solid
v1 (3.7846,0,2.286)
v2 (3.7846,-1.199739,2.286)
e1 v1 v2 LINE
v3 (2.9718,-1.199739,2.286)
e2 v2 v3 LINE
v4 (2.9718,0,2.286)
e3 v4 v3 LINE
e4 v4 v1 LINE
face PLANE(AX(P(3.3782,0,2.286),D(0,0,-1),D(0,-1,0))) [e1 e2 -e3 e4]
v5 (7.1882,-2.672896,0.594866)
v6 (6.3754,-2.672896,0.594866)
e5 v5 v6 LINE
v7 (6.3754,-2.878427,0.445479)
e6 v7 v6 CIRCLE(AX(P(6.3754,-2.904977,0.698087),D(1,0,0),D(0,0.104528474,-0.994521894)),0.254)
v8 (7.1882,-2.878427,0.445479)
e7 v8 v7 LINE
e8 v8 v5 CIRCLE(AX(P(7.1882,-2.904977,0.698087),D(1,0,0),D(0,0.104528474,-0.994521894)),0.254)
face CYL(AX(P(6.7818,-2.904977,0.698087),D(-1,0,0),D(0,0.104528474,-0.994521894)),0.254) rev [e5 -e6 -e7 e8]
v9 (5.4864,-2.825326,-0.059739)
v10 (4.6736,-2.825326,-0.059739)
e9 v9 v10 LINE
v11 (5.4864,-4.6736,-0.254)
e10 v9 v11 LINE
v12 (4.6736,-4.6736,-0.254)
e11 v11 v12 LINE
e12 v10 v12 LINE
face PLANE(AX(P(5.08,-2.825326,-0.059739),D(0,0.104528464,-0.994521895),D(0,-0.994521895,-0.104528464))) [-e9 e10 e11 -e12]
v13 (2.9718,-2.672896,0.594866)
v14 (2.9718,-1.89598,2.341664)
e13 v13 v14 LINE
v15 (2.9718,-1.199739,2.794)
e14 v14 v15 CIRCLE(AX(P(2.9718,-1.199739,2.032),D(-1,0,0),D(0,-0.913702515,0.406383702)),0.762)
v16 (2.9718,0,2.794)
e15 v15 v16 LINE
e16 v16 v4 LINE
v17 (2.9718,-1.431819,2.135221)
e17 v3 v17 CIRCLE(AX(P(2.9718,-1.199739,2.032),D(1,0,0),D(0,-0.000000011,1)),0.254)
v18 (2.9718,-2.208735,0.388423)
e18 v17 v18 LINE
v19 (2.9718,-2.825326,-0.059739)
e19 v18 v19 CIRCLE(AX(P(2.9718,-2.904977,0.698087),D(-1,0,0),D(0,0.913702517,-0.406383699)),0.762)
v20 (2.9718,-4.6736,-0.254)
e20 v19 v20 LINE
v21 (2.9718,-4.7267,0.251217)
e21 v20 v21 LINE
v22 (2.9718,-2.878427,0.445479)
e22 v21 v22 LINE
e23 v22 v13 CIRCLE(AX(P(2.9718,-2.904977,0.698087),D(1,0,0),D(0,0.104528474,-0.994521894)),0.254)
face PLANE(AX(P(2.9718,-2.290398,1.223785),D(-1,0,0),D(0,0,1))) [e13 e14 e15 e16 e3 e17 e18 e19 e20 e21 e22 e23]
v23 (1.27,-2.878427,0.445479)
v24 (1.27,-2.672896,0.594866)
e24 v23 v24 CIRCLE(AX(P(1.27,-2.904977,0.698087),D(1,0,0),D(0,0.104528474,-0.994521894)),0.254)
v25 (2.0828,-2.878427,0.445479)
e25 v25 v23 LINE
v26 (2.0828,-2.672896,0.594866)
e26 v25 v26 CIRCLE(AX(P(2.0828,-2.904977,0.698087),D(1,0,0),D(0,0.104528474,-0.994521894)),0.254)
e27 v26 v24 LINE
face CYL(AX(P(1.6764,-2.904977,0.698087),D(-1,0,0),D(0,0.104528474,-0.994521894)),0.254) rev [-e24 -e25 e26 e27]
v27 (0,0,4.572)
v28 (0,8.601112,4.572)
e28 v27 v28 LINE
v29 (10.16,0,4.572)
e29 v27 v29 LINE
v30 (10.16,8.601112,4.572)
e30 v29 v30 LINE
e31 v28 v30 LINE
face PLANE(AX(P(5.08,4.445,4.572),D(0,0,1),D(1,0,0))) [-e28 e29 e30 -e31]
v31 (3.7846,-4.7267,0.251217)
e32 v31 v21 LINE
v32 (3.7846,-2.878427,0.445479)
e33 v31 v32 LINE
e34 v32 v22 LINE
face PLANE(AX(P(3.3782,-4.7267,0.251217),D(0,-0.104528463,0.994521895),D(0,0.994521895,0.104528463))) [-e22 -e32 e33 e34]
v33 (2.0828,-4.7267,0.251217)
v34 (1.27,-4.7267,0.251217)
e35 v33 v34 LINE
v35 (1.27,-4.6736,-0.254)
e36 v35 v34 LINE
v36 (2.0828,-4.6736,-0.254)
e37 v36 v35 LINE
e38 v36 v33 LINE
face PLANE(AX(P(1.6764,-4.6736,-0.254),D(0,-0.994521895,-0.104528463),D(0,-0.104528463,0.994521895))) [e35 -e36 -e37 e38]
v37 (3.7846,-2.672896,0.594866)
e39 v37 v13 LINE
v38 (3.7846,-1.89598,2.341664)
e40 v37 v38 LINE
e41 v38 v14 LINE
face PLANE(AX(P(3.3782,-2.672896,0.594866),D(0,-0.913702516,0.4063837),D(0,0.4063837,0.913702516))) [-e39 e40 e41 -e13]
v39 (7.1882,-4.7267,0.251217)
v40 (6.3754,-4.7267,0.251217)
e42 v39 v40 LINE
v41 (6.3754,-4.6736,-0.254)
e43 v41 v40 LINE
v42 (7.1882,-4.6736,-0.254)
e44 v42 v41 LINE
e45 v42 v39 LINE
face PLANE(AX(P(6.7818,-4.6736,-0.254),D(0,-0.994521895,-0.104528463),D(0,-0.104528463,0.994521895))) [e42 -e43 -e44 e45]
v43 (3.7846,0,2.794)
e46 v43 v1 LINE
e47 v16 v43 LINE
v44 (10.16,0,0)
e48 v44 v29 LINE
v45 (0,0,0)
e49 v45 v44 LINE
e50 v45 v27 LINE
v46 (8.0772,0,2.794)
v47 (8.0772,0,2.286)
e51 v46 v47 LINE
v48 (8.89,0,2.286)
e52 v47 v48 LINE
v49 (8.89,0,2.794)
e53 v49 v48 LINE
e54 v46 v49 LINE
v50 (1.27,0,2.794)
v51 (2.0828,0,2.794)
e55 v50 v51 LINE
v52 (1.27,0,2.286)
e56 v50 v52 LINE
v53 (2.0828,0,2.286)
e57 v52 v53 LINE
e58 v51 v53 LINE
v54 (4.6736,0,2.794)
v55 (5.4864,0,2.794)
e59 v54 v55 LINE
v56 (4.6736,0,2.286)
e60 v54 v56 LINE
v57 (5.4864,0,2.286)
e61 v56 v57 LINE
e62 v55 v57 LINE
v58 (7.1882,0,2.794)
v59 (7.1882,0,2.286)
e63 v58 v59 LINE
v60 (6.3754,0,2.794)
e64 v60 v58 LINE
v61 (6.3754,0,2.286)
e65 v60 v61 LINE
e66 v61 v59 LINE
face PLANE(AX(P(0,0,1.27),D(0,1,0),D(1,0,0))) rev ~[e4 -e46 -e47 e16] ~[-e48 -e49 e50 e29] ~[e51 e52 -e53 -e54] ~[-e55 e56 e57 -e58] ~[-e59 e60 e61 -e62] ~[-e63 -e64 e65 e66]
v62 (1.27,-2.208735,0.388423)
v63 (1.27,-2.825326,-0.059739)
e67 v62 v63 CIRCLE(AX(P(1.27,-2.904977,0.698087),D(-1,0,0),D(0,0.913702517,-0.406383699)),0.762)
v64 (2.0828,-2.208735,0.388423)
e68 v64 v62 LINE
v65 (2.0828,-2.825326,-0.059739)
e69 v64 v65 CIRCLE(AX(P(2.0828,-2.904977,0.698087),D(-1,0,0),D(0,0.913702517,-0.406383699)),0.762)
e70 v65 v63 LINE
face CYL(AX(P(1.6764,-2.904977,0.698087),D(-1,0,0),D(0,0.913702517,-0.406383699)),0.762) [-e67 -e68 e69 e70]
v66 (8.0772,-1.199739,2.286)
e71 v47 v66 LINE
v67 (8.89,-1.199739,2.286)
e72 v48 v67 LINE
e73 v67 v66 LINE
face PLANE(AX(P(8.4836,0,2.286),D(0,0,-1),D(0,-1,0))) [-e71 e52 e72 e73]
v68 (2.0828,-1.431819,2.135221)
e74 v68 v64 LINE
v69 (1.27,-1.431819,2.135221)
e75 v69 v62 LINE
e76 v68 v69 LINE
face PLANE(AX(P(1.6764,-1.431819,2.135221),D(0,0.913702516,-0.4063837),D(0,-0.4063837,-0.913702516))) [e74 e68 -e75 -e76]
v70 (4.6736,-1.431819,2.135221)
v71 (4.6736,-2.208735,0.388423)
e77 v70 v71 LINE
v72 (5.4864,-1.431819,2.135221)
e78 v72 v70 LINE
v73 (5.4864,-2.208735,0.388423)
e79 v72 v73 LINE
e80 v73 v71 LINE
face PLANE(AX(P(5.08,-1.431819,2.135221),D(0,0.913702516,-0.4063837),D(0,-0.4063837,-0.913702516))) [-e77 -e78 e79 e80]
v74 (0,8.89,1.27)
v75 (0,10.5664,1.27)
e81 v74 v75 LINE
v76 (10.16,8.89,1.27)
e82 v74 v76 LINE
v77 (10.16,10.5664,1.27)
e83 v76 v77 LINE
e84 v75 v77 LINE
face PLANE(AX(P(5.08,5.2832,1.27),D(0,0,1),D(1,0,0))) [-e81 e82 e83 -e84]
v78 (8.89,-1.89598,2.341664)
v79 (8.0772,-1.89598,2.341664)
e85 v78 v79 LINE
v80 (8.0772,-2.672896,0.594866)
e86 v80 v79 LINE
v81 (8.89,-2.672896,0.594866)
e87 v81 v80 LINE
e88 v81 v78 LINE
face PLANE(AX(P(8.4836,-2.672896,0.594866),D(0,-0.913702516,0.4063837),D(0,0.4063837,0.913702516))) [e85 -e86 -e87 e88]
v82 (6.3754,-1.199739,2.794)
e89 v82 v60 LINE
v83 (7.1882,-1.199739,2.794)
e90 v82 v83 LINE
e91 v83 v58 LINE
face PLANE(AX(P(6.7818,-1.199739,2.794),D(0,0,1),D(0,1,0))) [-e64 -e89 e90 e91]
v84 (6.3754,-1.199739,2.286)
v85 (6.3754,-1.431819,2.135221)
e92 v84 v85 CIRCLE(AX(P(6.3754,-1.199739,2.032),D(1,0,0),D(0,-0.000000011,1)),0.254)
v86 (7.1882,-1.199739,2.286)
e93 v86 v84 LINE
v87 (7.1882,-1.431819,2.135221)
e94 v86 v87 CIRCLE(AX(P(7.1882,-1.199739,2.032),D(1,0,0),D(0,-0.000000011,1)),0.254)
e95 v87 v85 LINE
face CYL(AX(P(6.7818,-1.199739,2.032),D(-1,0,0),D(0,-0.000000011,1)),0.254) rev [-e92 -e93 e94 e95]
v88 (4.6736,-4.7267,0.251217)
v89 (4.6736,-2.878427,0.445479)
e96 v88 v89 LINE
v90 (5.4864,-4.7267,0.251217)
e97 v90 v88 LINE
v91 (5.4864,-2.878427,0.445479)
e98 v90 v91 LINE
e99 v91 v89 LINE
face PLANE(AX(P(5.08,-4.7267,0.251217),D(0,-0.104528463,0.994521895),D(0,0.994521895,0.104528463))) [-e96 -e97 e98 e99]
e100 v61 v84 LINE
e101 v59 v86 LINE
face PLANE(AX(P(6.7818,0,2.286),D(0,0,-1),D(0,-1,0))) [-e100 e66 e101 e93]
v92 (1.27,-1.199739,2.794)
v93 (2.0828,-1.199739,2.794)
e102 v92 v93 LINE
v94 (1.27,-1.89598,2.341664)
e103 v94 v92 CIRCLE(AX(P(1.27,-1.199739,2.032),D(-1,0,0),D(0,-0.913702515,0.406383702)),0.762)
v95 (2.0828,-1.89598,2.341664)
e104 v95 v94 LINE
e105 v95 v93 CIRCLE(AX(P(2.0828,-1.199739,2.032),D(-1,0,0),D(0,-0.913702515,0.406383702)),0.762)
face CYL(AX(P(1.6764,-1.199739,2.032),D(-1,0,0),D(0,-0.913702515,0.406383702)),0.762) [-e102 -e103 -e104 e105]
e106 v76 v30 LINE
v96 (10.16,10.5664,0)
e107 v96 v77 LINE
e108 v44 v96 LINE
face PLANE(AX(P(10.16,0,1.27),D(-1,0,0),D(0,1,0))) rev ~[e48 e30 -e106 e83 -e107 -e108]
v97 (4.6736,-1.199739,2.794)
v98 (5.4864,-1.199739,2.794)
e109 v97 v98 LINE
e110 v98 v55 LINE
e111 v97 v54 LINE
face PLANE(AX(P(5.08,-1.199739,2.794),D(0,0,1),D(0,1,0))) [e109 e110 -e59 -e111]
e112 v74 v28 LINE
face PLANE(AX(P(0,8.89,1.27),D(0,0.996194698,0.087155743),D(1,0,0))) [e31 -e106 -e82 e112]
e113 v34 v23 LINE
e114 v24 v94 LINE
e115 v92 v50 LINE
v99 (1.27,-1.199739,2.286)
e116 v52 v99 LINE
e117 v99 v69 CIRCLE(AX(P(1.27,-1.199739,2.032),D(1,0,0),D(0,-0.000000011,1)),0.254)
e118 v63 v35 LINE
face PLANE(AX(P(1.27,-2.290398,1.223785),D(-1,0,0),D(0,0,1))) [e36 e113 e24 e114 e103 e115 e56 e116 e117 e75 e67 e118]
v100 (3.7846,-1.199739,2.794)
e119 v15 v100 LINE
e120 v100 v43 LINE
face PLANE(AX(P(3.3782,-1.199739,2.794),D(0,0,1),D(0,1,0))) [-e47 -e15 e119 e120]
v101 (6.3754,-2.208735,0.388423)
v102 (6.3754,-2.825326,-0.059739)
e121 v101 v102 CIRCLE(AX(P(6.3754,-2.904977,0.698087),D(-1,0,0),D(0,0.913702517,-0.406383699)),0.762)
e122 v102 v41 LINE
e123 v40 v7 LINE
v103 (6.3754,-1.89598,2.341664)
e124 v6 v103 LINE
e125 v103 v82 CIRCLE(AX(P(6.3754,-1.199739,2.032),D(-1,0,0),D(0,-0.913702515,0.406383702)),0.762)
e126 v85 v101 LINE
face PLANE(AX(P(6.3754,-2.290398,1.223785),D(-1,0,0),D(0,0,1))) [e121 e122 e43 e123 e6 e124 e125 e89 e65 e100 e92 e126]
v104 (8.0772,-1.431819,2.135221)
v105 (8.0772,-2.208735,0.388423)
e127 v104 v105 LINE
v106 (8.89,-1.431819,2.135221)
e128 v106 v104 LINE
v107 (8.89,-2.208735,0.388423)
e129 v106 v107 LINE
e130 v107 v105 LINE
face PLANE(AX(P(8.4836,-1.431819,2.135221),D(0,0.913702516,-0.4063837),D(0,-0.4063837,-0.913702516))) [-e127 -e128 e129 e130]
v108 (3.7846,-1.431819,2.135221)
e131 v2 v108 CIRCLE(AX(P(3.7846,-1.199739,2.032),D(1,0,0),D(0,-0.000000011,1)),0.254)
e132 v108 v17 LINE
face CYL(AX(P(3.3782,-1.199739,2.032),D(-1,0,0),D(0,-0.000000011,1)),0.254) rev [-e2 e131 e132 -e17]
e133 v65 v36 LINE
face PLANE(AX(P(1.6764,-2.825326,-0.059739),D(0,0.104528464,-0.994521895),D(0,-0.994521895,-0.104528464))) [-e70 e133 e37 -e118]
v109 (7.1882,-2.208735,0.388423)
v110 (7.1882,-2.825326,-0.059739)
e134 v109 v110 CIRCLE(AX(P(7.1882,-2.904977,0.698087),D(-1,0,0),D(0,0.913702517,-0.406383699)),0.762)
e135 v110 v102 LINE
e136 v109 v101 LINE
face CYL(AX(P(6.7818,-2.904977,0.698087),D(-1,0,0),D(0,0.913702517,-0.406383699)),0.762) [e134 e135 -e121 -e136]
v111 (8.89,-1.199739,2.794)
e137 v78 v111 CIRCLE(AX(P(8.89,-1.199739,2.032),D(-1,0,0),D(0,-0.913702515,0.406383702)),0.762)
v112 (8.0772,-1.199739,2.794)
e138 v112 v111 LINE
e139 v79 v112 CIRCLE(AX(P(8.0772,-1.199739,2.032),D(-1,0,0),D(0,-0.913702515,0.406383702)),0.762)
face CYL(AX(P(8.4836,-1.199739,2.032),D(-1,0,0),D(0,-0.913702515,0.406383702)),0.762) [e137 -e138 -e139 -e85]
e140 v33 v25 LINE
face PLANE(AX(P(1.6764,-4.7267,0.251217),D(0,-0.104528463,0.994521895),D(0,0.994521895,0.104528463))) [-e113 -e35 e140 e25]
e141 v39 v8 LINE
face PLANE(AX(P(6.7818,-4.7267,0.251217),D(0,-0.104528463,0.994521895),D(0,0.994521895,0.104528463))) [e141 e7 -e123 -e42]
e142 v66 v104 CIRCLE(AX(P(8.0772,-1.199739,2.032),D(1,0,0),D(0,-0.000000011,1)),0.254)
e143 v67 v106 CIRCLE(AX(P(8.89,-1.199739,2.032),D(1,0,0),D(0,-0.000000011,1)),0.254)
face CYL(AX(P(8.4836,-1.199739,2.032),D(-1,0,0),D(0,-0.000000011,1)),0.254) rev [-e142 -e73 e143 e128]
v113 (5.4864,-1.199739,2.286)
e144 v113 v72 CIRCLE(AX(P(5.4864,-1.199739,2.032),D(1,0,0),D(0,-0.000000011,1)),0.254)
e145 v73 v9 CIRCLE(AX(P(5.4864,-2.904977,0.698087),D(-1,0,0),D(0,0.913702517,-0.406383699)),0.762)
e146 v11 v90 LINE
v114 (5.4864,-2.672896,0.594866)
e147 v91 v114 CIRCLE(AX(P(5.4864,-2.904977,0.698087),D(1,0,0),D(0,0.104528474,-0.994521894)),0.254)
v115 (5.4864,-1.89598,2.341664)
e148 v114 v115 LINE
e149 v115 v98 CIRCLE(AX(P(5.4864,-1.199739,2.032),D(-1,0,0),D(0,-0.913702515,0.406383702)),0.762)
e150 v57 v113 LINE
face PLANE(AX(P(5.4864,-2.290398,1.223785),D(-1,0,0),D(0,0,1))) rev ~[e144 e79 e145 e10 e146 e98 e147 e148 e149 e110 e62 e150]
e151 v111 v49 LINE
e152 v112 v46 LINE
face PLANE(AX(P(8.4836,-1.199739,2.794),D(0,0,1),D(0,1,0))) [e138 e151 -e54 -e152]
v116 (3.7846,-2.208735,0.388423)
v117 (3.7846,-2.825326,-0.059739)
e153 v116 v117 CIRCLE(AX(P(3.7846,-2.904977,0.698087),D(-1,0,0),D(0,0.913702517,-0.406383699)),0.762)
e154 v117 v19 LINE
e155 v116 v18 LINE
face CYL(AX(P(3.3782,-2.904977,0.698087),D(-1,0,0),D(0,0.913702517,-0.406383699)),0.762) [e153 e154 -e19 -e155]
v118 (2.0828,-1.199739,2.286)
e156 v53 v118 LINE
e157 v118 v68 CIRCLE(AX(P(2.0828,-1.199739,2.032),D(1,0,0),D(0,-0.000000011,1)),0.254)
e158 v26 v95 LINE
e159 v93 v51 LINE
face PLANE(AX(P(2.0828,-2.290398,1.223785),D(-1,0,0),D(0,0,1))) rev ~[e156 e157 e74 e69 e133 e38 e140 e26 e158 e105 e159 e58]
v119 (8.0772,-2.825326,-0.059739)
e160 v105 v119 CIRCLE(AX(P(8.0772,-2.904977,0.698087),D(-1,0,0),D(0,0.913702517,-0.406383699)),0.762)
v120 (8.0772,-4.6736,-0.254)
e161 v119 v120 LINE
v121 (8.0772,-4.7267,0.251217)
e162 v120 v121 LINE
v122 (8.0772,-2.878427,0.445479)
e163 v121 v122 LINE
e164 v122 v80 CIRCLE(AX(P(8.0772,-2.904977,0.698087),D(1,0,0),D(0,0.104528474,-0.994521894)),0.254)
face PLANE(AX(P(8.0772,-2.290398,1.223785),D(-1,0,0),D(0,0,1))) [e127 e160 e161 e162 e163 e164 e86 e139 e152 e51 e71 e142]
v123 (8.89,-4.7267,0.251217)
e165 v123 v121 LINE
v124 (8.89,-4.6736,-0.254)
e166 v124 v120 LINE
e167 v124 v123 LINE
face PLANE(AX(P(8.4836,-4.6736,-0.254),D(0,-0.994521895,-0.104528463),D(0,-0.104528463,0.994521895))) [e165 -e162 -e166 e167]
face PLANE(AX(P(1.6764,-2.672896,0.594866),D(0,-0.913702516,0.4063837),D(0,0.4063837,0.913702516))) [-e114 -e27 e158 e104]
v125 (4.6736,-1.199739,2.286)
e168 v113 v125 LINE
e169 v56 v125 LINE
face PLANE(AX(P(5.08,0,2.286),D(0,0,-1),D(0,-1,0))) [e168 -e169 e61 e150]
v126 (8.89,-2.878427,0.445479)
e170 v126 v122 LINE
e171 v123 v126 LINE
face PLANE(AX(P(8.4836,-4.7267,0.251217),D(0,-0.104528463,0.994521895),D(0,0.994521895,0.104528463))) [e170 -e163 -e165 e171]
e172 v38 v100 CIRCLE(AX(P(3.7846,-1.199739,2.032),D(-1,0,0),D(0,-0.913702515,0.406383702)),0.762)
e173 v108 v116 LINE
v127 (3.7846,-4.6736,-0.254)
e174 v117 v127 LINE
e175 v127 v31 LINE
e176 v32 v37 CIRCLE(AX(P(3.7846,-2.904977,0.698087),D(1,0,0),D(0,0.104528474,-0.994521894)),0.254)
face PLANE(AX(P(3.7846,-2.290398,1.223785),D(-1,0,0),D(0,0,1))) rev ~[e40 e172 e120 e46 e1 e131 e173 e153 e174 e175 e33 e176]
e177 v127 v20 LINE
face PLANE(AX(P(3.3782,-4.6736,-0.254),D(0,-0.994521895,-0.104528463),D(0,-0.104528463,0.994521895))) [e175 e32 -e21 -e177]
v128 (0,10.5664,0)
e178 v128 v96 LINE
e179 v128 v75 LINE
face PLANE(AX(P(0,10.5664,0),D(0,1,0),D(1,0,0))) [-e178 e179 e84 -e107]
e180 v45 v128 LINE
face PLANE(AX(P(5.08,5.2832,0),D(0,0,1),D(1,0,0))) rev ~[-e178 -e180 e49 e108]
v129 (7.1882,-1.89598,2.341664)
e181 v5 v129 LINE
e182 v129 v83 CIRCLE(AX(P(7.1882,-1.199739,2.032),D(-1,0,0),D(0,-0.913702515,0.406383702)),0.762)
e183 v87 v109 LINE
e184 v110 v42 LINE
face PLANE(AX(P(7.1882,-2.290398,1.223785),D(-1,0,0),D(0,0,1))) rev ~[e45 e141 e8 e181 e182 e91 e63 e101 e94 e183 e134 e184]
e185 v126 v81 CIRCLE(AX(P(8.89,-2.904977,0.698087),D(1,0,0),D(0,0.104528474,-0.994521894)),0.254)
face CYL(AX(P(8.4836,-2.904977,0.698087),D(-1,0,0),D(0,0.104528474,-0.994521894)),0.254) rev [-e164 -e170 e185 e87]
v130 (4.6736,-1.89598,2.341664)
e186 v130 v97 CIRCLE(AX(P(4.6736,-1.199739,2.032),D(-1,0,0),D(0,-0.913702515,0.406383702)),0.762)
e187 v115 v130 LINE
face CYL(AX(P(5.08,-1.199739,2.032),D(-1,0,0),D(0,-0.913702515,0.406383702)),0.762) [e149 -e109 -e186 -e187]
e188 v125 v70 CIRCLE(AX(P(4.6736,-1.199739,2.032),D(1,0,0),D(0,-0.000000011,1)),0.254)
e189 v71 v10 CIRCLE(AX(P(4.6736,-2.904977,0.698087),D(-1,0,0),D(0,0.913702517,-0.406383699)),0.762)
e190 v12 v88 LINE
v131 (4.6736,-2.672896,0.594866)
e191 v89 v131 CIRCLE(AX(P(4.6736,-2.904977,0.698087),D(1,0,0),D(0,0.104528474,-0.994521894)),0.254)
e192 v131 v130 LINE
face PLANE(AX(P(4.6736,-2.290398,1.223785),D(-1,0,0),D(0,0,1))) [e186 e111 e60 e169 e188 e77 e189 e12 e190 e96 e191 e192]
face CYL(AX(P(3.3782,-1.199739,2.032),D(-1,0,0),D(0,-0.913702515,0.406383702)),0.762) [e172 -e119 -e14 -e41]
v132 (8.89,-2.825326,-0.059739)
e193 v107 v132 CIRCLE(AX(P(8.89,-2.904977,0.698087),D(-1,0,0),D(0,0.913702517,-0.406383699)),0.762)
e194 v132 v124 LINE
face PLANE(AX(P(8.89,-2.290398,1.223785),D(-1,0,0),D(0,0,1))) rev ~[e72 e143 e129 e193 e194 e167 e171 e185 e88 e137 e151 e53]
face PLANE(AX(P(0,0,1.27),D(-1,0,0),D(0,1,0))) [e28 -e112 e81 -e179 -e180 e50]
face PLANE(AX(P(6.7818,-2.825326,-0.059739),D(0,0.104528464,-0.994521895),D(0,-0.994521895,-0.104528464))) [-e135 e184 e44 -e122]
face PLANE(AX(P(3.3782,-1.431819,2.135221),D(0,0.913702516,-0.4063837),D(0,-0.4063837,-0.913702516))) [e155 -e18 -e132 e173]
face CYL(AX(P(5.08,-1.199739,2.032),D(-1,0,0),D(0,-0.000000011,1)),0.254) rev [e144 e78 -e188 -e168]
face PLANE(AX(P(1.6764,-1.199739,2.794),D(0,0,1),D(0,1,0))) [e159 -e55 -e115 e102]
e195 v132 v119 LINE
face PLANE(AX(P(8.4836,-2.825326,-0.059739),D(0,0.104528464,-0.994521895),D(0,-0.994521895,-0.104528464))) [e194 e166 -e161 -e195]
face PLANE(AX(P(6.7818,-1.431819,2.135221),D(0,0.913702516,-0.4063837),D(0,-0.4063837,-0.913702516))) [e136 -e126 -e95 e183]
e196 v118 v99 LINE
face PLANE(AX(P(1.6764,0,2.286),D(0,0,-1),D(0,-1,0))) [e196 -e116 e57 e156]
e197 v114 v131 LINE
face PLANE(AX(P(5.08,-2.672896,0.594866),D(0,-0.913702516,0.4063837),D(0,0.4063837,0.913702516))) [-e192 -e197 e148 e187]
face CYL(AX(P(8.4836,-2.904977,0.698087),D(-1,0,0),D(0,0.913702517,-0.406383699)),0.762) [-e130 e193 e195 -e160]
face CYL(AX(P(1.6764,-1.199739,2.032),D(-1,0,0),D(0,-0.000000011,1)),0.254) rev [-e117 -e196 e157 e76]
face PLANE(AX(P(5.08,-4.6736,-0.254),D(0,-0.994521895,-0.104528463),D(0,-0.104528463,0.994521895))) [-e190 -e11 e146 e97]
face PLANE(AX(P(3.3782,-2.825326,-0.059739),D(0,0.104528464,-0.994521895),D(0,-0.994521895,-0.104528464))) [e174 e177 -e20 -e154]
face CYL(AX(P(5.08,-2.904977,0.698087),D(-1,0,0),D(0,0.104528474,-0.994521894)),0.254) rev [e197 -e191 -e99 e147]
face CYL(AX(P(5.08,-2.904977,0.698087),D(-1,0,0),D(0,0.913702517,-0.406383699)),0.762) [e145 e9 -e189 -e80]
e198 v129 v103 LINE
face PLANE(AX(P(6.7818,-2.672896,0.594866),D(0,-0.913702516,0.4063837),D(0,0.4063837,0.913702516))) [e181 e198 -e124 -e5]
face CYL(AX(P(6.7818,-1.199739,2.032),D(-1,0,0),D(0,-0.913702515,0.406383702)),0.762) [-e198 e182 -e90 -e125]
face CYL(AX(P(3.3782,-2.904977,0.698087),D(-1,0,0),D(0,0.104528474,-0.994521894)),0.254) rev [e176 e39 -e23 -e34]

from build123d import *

# Parameters (mm, degrees)
SKETCH1_W           = 10.16
SKETCH1_H           = 10.5664
BOSS_EXTRUDE1_DEPTH = 1.27
SKETCH2_W           = 10.16
SKETCH2_H           = 8.89
BOSS_EXTRUDE2_DEPTH = 3.302
DRAFT1_ANGLE        = 5
EXTRUDE_THIN1_DEPTH = 0.4064
LPATTERN1_COUNT     = 5
LPATTERN1_PITCH     = 1.7018


with BuildPart() as part:
    # Sketch1 → Boss-Extrude1 (new body)
    with BuildSketch(Plane.XY):
        with Locations((5.08, 5.2832)):
            Rectangle(SKETCH1_W, SKETCH1_H)
    extrude(amount=BOSS_EXTRUDE1_DEPTH)

    # Sketch2 → Boss-Extrude2 (add)
    with BuildSketch(Plane.XY.offset(1.27)):
        with Locations((5.08, 4.445)):
            Rectangle(SKETCH2_W, SKETCH2_H)
    extrude(amount=BOSS_EXTRUDE2_DEPTH)

    # Draft1
    draft1_faces = [part.faces().sort_by_distance(p)[0] for p in [
        (5.08, 8.89, 2.921),
    ]]
    draft(draft1_faces, Plane.XY.offset(1.27), DRAFT1_ANGLE)

    # Sketch3 → Extrude-Thin1 (add, symmetric)
    with BuildSketch(Plane.ZY.offset(-1.6764)):
        with BuildLine():
            Line((2.286, 0), (2.286, -1.199738518))
            ThreePointArc((2.286, -1.199738518), (2.244995599, -1.338117976), (2.13522146, -1.431818957))
            Line((2.13522146, -1.431818957), (0.388422724, -2.208735427))
            ThreePointArc((0.388422724, -2.208735427), (0.081702678, -2.456965316), (-0.05973858, -2.825326055))
            Line((-0.05973858, -2.825326055), (-0.254, -4.6736))
            Line((-0.254, -4.6736), (0.251217123, -4.726700459))
            Line((0.251217123, -4.726700459), (0.445478542, -2.878426515))
            ThreePointArc((0.445478542, -2.878426515), (0.492625629, -2.755639602), (0.594865644, -2.672896305))
            Line((0.594865644, -2.672896305), (2.34166438, -1.895979835))
            ThreePointArc((2.34166438, -1.895979835), (2.670986798, -1.614876894), (2.794, -1.199738518))
            Line((2.794, -1.199738518), (2.794, 0))
            Line((2.794, 0), (2.286, 0))
        make_face()
    extrude_thin1 = extrude(amount=EXTRUDE_THIN1_DEPTH, both=True)

    # LPattern1: Extrude-Thin1 ×5
    with Locations(*[(i * LPATTERN1_PITCH, 0, 0) for i in range(1, LPATTERN1_COUNT)]):
        add(extrude_thin1)


solid = part.part
